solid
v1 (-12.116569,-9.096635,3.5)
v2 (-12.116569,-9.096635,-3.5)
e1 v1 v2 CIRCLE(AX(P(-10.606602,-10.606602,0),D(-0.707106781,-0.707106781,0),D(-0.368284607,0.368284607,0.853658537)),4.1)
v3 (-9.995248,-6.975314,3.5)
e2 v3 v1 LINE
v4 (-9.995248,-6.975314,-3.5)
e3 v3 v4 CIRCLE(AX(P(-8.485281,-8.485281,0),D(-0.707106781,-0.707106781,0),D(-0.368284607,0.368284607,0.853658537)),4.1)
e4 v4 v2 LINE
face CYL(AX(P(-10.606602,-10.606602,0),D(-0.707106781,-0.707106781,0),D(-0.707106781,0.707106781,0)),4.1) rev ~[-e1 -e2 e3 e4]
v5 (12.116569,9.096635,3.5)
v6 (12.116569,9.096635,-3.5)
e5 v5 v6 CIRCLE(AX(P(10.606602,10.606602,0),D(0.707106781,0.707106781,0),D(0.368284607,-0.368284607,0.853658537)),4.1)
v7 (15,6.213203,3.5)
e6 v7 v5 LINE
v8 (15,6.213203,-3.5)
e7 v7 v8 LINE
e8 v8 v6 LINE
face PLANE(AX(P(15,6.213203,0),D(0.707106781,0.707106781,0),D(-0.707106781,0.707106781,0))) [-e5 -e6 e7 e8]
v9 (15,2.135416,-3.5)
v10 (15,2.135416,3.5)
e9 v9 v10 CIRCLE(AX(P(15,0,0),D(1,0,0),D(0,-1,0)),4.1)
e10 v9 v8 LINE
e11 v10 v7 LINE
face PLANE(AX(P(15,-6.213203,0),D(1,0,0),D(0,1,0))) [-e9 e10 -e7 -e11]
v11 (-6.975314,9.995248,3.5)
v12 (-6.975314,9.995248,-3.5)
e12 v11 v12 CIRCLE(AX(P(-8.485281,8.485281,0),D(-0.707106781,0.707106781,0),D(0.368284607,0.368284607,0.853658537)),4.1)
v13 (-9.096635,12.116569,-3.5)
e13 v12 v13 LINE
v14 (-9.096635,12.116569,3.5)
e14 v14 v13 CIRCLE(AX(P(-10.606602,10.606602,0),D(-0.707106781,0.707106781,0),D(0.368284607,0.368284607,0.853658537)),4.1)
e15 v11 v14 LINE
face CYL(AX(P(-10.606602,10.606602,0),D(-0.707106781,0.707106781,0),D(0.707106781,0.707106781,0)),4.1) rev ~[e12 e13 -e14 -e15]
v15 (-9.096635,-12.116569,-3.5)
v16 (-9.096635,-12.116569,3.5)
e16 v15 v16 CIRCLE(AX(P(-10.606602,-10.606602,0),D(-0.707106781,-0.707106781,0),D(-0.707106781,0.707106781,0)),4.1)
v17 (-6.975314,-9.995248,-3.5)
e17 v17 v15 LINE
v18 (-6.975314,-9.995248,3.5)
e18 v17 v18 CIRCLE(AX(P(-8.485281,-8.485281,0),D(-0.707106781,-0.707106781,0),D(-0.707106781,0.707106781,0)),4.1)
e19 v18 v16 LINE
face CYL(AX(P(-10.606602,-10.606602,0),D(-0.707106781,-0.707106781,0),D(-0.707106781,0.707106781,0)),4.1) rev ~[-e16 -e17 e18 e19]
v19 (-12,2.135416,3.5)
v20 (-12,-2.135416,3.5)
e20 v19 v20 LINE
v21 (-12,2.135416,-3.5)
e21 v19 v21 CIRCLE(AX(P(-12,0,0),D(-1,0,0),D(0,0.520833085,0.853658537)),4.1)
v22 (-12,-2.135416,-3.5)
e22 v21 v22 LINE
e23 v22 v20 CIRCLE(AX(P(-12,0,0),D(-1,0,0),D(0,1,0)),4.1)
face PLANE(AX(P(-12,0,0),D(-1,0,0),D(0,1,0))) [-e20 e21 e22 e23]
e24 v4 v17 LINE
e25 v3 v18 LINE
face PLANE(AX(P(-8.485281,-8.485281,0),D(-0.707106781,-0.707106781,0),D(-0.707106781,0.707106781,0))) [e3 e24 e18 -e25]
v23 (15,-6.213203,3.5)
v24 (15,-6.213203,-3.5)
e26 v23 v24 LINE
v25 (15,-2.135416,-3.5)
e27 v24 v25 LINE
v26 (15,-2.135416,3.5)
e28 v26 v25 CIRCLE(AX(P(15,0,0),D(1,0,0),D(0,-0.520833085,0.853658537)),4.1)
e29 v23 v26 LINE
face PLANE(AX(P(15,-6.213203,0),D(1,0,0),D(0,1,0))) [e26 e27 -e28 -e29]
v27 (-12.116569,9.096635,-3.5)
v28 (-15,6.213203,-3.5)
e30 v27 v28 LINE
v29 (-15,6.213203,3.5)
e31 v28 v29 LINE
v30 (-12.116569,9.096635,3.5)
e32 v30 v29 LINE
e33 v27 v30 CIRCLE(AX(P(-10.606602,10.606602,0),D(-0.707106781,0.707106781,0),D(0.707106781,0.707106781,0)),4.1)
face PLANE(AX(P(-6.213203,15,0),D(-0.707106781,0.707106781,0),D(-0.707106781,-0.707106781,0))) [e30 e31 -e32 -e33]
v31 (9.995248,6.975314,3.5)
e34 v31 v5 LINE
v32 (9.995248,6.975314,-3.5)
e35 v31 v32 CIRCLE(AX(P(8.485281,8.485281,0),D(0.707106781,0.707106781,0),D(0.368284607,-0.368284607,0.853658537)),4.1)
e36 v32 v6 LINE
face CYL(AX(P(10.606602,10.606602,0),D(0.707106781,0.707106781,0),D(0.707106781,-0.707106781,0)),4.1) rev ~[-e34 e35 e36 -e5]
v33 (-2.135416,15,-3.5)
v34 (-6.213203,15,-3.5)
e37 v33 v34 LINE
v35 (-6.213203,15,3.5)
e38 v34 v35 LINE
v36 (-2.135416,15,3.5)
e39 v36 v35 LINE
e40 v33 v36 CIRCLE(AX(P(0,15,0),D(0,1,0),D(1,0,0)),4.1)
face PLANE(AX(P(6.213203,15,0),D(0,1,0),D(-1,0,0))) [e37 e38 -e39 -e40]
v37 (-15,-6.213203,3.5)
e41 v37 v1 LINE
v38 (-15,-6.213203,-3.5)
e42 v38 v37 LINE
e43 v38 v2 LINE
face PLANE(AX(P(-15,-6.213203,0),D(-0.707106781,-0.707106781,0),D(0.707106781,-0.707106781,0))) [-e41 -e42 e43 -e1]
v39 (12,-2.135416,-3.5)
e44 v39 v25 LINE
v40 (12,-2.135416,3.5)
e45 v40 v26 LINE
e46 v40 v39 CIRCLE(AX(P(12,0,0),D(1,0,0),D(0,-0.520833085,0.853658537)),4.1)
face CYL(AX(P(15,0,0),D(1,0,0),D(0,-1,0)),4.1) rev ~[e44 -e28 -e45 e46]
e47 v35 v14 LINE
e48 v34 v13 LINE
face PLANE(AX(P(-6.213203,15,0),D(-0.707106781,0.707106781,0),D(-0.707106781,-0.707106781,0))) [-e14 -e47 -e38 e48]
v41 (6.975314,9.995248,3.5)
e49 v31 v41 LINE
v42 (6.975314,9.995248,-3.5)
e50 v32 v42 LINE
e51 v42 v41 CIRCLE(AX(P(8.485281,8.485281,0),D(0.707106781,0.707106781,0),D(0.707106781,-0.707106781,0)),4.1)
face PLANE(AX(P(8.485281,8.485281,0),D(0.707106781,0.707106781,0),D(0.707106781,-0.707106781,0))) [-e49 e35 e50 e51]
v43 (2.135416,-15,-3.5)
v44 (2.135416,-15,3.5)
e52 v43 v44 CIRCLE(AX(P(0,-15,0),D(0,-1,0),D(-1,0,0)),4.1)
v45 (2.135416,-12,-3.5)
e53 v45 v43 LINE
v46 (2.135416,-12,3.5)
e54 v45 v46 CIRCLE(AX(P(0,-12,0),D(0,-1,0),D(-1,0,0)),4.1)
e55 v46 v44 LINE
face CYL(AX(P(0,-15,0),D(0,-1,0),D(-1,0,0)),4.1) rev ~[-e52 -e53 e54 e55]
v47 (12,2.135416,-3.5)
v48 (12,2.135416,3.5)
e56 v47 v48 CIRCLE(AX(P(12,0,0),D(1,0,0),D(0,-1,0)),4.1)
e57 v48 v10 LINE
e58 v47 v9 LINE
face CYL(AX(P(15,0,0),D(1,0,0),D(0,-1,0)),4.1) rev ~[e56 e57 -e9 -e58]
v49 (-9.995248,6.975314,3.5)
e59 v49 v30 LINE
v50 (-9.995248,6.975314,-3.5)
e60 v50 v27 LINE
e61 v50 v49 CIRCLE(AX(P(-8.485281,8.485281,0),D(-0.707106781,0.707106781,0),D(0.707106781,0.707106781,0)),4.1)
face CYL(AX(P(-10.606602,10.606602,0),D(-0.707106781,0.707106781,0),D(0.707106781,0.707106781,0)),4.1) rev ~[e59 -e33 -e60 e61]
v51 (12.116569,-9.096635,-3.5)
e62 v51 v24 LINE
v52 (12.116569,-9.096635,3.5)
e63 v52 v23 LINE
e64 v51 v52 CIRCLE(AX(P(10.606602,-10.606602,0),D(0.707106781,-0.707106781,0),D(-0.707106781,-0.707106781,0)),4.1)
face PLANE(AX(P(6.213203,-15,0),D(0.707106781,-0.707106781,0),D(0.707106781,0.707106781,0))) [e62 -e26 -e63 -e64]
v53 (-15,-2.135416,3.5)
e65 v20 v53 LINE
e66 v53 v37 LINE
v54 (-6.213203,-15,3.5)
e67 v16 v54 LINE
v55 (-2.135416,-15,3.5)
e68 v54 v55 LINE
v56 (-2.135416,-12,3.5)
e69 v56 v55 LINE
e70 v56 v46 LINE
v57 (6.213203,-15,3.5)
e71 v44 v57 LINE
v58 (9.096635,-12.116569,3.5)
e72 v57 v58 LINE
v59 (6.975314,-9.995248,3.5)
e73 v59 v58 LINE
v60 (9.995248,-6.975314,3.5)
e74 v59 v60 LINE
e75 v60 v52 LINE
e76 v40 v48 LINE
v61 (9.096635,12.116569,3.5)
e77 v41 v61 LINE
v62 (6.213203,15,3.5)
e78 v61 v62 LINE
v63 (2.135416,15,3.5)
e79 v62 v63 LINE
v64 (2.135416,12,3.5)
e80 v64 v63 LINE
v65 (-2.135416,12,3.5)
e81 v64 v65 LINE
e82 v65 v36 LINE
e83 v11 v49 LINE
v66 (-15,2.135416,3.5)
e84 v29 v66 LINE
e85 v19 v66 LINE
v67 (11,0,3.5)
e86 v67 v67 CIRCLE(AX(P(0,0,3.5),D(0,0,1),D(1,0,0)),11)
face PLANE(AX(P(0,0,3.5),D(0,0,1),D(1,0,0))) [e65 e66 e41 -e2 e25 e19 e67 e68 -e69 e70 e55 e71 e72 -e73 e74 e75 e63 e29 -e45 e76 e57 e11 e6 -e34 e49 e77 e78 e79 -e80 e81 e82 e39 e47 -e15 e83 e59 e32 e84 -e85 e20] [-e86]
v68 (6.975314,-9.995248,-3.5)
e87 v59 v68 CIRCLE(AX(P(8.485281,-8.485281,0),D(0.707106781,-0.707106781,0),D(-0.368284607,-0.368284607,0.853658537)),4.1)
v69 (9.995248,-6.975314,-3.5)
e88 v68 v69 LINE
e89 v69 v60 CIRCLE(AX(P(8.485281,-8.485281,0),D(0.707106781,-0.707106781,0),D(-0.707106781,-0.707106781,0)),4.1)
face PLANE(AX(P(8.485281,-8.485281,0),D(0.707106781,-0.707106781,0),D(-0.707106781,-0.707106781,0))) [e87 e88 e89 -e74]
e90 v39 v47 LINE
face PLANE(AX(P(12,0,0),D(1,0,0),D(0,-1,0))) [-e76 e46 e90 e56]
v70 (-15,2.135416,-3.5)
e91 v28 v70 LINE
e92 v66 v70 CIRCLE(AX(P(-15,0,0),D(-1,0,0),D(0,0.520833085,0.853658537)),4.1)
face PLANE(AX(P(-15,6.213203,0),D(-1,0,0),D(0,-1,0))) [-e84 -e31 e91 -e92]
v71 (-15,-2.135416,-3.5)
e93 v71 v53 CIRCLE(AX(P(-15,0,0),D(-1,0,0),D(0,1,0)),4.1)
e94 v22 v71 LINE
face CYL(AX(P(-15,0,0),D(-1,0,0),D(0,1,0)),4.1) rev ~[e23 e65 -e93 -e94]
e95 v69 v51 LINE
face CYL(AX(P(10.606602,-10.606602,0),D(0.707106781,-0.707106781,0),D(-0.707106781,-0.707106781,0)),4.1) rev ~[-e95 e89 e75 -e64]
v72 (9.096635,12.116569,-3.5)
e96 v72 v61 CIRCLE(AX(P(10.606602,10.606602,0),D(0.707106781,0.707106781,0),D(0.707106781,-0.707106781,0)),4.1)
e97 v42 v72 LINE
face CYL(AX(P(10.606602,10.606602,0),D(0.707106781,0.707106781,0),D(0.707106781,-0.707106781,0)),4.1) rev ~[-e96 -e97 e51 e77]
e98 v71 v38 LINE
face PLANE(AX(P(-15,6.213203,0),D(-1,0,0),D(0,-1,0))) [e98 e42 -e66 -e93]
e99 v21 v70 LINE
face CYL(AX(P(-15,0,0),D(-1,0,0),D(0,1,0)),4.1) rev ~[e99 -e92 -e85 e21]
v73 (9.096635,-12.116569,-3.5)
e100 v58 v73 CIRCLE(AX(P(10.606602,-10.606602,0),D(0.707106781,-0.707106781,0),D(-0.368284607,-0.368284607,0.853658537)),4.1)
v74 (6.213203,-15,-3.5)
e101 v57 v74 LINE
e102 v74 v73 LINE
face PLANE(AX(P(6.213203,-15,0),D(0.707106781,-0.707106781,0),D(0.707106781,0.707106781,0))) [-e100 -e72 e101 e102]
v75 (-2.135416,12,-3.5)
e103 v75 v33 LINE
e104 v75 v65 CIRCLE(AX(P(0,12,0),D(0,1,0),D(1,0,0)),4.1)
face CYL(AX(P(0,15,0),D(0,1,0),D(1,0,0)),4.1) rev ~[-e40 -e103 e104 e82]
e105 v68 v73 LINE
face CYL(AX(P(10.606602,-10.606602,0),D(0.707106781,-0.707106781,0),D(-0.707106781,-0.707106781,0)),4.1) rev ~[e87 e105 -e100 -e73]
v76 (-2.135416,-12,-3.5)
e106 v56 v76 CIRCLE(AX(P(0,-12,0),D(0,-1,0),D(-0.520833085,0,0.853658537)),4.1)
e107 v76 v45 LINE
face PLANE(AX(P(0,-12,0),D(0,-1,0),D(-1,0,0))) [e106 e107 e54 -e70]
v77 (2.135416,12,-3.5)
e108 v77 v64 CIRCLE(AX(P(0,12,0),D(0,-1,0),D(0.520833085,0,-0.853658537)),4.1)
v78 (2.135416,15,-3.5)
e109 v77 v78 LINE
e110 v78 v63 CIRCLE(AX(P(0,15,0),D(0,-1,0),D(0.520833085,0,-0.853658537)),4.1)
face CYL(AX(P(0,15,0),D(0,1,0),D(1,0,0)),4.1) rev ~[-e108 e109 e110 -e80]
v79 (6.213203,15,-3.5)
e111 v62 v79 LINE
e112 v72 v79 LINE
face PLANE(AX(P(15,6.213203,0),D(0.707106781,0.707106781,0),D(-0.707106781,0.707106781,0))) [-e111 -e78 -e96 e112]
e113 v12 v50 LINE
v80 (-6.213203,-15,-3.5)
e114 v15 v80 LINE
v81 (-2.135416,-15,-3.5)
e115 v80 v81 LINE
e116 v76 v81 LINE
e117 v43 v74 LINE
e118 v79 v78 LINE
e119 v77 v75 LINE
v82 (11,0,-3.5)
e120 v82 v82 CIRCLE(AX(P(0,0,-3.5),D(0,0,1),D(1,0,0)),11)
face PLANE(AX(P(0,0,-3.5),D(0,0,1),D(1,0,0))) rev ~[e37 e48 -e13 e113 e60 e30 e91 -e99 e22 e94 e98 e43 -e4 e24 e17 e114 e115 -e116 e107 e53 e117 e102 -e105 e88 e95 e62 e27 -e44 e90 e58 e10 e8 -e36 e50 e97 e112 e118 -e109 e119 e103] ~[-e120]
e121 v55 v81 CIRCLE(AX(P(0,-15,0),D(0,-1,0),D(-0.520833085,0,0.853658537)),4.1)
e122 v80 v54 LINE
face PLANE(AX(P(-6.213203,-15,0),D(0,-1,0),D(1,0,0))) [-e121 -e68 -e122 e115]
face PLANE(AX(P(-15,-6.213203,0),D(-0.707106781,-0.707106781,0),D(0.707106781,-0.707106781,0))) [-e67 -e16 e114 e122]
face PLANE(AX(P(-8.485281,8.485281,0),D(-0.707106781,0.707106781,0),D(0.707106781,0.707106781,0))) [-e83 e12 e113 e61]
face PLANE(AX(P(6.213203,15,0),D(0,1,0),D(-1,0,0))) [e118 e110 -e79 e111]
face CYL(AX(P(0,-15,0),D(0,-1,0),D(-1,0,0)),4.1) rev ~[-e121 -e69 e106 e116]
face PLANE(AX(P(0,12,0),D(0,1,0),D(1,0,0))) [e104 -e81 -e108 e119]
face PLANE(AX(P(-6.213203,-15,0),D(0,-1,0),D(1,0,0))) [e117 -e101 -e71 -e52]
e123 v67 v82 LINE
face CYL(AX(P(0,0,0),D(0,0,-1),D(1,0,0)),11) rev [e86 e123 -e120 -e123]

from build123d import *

# Parameters (mm, degrees)
SKETCH1_R           = 11
BOSS_EXTRUDE1_DEPTH = 3.5
SKETCH2_R           = 4.1
CUT_EXTRUDE3_DEPTH  = 3
CIRPATTERN1_COUNT   = 8


with BuildPart() as part:
    # Sketch1 → Boss-Extrude1 (new, symmetric)
    with BuildSketch(Plane.XY):
        Polygon((6.213203436, 15), (-6.213203436, 15), (-15, 6.213203436), (-15, -6.213203436), (-6.213203436, -15), (6.213203436, -15), (15, -6.213203436), (15, 6.213203436), align=None)
        Circle(SKETCH1_R, mode=Mode.SUBTRACT)
    extrude(amount=BOSS_EXTRUDE1_DEPTH, both=True)

    # Sketch2 → Cut-Extrude3 (cut)
    with BuildSketch(Plane(origin=(0, -15, 0), x_dir=(-1, 0, 0), z_dir=(0, -1, 0))):
        Circle(SKETCH2_R)
    cut_extrude3 = extrude(amount=-CUT_EXTRUDE3_DEPTH, mode=Mode.SUBTRACT)

    # CirPattern1: Cut-Extrude3 ×8 about axis
    cirpattern1_axis = Axis((0, 0, 3.5), (0, 0, 1))
    for i in range(1, CIRPATTERN1_COUNT):
        add(cut_extrude3.rotate(cirpattern1_axis, i * 360 / CIRPATTERN1_COUNT), mode=Mode.SUBTRACT)


solid = part.part
